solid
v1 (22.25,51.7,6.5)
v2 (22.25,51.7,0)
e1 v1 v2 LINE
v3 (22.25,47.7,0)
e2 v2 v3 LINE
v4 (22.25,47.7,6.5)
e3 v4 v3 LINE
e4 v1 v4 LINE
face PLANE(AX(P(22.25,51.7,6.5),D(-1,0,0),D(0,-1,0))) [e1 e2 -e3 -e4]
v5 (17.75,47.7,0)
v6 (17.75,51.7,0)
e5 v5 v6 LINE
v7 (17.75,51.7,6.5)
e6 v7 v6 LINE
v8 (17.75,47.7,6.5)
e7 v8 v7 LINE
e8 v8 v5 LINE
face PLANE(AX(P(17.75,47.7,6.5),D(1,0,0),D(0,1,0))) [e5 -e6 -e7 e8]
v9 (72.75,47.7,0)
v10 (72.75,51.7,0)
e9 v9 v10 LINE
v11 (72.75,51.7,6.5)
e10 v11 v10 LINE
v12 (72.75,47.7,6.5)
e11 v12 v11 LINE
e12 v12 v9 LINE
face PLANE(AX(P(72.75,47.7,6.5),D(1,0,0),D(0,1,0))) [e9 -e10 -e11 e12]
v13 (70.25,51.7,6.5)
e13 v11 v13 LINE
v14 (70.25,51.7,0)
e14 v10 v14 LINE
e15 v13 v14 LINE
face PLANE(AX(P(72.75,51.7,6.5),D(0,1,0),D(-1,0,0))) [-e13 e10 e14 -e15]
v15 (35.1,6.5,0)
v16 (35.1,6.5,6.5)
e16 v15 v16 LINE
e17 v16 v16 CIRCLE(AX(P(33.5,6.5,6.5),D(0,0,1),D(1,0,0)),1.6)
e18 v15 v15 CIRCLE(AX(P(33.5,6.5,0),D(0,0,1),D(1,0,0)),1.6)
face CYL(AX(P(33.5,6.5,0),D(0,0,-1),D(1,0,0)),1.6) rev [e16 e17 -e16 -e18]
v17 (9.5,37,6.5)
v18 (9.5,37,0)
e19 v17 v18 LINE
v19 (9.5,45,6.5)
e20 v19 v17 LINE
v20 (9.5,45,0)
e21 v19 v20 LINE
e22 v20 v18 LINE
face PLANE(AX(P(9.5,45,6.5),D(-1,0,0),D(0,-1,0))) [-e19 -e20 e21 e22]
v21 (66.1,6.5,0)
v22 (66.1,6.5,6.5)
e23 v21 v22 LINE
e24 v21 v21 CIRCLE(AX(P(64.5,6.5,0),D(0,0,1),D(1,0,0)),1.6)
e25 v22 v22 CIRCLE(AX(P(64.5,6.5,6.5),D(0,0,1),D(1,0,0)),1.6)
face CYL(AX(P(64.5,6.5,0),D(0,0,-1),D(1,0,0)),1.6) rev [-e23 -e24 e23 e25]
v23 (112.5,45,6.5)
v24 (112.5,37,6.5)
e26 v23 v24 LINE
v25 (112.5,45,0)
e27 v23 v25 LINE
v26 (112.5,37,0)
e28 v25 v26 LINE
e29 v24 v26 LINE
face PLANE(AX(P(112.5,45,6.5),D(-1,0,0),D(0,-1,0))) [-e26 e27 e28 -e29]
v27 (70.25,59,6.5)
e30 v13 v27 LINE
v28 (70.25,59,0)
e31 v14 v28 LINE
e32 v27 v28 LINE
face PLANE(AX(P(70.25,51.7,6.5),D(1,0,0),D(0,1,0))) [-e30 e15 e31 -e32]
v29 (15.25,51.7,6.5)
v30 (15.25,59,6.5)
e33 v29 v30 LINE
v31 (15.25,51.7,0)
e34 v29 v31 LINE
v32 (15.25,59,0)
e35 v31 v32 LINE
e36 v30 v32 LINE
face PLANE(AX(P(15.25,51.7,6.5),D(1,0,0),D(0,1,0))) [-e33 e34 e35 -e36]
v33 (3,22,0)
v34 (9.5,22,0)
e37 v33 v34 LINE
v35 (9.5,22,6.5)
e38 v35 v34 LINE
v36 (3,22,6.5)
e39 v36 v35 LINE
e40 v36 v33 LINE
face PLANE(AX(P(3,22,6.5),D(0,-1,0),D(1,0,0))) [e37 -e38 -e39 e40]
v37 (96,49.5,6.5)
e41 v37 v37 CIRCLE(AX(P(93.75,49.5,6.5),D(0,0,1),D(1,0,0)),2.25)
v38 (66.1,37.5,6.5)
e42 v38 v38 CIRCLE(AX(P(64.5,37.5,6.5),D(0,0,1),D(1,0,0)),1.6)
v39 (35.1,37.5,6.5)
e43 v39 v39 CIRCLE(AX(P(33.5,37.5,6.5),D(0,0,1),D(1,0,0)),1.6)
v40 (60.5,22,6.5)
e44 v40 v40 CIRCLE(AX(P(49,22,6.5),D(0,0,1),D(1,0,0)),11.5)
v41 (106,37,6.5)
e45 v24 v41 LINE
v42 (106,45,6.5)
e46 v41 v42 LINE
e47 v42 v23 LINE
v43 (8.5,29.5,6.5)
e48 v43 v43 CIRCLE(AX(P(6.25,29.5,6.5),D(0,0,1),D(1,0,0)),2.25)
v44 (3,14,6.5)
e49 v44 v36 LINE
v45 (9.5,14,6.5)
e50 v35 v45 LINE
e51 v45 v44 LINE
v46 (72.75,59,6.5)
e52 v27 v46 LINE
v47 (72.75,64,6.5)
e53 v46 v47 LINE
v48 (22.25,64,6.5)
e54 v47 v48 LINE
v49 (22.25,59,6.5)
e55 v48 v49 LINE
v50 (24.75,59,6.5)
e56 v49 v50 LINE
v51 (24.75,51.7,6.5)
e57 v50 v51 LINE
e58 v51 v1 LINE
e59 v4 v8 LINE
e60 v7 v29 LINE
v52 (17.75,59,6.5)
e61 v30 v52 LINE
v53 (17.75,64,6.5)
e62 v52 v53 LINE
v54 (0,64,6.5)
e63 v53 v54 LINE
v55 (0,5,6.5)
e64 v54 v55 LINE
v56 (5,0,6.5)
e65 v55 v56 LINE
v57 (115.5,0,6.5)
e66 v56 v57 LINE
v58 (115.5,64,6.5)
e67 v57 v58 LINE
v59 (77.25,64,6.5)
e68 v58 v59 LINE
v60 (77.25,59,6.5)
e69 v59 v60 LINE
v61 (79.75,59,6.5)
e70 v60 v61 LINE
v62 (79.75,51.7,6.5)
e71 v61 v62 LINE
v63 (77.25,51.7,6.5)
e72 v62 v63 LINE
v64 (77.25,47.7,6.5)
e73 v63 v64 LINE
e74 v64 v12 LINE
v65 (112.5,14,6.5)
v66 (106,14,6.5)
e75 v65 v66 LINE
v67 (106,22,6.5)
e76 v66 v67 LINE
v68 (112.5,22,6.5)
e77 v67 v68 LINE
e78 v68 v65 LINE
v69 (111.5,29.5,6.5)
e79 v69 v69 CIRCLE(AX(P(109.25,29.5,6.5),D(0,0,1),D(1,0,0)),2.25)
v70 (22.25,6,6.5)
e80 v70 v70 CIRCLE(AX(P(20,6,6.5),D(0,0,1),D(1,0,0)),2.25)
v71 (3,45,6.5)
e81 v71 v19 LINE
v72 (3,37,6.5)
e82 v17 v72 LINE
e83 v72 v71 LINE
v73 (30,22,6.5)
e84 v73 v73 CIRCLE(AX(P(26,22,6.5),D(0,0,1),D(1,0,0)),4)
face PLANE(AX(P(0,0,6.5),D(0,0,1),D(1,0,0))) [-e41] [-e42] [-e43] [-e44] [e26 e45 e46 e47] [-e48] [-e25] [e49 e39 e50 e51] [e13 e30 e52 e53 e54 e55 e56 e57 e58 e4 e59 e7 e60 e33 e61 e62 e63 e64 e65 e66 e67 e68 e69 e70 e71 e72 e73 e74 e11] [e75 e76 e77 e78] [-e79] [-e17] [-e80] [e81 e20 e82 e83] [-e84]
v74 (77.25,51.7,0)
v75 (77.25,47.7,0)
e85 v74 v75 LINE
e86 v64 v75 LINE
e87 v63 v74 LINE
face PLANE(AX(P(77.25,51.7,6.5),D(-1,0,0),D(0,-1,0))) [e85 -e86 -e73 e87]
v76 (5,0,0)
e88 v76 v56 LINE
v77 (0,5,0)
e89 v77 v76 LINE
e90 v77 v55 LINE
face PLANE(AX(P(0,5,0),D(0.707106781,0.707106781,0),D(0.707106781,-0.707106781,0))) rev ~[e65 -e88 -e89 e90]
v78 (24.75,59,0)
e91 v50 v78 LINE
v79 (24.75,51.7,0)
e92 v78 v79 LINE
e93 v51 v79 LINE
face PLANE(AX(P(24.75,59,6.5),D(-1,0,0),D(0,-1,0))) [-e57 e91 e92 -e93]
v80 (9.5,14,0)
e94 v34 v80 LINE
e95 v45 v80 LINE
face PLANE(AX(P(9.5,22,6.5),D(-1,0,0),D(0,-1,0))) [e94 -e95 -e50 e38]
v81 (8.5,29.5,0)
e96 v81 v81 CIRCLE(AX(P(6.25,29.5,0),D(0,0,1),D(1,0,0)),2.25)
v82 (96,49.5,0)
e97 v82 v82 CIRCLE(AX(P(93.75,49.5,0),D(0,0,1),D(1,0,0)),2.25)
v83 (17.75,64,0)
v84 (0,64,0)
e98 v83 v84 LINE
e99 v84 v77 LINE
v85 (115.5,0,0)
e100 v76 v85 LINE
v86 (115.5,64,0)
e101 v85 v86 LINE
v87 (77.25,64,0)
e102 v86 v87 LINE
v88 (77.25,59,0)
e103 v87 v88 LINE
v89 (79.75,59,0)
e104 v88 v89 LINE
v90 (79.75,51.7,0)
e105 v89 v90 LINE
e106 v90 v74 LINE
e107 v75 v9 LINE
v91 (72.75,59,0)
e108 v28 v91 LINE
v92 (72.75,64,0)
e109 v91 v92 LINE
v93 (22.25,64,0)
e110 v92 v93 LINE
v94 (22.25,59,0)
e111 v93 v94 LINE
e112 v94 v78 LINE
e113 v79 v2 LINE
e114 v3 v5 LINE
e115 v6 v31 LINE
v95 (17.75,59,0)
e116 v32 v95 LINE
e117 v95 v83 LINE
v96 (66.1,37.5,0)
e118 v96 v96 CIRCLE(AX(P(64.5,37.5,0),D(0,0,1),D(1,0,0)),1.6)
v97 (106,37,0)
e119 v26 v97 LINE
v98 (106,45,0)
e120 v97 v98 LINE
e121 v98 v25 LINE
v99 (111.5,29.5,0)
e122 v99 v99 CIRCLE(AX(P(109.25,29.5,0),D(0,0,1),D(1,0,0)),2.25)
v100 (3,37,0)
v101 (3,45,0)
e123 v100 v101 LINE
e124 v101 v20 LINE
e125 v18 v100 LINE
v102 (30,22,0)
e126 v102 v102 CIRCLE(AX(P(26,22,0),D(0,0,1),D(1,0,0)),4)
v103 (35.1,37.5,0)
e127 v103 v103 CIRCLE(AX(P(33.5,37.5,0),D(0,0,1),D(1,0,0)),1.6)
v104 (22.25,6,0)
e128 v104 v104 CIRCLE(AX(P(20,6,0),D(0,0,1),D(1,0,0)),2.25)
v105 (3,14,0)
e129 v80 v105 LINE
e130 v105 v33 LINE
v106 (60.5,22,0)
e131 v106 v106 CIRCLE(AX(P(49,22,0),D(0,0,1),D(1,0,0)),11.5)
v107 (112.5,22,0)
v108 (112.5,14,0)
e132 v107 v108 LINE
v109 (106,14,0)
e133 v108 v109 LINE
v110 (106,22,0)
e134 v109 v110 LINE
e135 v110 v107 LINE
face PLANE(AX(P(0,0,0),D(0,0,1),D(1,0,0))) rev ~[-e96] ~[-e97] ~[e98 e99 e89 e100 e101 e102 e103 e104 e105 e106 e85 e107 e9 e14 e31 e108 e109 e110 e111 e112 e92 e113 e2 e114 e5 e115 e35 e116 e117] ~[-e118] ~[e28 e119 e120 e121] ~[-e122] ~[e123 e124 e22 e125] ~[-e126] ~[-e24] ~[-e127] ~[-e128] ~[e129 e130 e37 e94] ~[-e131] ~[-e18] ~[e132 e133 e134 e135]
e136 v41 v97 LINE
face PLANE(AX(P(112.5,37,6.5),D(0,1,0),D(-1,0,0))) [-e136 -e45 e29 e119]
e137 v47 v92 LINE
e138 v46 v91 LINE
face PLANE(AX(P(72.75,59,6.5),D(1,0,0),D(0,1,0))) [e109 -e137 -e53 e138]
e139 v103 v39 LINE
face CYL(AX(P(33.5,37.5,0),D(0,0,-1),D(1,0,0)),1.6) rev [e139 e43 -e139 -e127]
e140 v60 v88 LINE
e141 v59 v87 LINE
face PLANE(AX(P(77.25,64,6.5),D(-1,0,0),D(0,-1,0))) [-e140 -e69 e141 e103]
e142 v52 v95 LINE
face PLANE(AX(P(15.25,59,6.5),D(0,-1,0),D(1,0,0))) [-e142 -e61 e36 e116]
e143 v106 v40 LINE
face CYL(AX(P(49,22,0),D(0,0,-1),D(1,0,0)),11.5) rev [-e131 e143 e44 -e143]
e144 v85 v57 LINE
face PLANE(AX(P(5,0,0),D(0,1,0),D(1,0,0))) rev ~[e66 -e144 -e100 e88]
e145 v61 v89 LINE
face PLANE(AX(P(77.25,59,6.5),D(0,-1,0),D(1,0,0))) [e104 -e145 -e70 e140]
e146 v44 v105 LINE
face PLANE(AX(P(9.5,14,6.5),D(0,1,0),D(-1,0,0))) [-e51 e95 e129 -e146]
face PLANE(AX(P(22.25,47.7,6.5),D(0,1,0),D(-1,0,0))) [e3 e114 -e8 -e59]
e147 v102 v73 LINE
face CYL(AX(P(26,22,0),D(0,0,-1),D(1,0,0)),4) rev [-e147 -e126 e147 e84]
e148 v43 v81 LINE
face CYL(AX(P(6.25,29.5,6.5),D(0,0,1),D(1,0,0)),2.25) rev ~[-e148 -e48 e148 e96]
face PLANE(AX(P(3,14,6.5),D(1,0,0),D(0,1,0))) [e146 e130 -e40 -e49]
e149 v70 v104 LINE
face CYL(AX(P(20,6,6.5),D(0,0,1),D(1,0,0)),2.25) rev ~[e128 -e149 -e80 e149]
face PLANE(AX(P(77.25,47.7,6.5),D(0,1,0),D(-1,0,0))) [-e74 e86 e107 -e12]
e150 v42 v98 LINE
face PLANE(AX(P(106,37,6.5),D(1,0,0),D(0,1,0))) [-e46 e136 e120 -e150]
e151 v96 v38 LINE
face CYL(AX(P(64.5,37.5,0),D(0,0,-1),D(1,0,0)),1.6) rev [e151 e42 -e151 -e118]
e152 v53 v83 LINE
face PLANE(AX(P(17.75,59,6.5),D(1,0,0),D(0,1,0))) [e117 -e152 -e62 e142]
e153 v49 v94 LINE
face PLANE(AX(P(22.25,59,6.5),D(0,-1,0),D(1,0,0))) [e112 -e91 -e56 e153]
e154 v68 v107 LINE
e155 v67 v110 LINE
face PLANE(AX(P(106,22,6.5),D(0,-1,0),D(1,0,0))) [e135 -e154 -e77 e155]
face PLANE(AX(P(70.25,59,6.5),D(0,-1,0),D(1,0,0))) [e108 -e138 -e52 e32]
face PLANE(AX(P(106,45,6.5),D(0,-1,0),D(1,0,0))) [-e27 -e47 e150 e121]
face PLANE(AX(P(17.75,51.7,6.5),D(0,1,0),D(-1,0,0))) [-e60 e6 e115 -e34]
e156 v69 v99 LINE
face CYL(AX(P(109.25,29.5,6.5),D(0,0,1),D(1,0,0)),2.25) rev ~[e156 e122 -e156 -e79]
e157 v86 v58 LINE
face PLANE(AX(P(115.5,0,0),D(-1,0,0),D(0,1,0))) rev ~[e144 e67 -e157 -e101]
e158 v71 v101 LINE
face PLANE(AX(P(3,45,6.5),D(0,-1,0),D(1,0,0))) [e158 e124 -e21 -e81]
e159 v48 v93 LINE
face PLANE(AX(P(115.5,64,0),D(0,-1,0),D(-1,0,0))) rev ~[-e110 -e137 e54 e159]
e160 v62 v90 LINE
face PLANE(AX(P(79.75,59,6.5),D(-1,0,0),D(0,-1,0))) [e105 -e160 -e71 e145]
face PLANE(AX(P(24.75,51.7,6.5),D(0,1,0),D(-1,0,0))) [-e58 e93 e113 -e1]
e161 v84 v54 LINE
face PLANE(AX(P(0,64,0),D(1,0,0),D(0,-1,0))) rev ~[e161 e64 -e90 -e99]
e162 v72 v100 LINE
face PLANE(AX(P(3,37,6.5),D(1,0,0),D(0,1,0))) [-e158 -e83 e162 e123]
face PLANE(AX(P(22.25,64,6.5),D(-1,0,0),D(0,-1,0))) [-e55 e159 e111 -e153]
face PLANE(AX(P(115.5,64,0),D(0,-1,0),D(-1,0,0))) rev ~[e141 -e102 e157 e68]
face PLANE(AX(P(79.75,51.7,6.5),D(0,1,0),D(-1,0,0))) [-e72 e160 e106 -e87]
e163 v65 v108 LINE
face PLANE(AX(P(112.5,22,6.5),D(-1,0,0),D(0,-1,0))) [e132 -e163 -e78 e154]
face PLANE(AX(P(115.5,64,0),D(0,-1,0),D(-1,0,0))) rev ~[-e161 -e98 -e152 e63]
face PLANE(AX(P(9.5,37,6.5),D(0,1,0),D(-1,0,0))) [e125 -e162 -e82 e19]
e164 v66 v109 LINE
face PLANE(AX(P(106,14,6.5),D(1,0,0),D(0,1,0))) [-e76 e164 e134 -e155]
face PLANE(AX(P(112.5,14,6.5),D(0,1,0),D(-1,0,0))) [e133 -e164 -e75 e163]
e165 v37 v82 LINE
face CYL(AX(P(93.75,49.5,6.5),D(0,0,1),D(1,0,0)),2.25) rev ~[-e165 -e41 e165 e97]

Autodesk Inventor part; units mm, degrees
ref_plane "YZ Plane" through (0, 0, 0) normal (1, 0, 0) x (0, 1, 0)
ref_plane "XZ Plane" through (0, 0, 0) normal (0, 1, 0) x (-1, 0, 0)
ref_plane "XY Plane" through (0, 0, 0) normal (0, 0, 1) x (1, 0, 0)
sketch "Sketch1" plane through (0, 0, 0) normal (0, 0, 1) x (1, 0, 0)
  line L0 (5, 0) -> (115.5, 0)
  line L1 (115.5, 0) -> (115.5, 64)
  line L2 (115.5, 64) -> (0, 64)
  line L3 (0, 64) -> (0, 5)
  line L4 (0, 5) -> (5, 0)
  line L5 (33.5, 37.5) -> (64.5, 37.5) construction
  line L6 (64.5, 37.5) -> (64.5, 6.5) construction
  line L7 (64.5, 6.5) -> (33.5, 6.5) construction
  line L8 (33.5, 6.5) -> (33.5, 37.5) construction
  line L9 (27.62, 43.38) -> (70.38, 43.38) construction
  line L10 (70.38, 43.38) -> (70.38, 0.62) construction
  line L11 (70.38, 0.62) -> (27.62, 0.62) construction
  line L12 (27.62, 0.62) -> (27.62, 43.38) construction
  circle A0 centre (33.5, 6.5) radius 1.6
  circle A1 centre (64.5, 6.5) radius 1.6
  circle A2 centre (64.5, 37.5) radius 1.6
  circle A3 centre (33.5, 37.5) radius 1.6
  circle A4 centre (49, 22) radius 11.5
  circle A5 centre (26, 22) radius 4
  point P0 (0, 0)
  point P1 (49, 37.5)
  point P2 (64.5, 22)
  point P3 (70.38, 22)
  point P4 (49, 43.38)
  dimension "d0" = 45
  dimension "d1" = 31
  dimension "d2" = 42.76
  dimension "d3" = 3.2
  dimension "d4" = 23
  dimension "d5" = 8
  dimension "d6" = 23
  dimension "d8" = 115.5
  dimension "d9" = 42
  dimension "d10" = 5
  dimension "d11" = 22
  dimension "d63" = 26
extrude "Extrusion1" add sketch "Sketch1" along normal blind 6.5
sketch "Sketch3" plane through (0, 0, 6.5) normal (0, 0, 1) x (1, 0, 0)
  circle A0 centre (26, 22) radius 4 projected
  circle A1 centre (64.5, 37.5) radius 1.6 projected
  line L0 (5, 0) -> (115.5, 0) projected
  circle A2 centre (20, 6) radius 2.25
  circle A3 centre (93.75, 49.5) radius 2.25
  line L1 (115.5, 0) -> (115.5, 64) projected
  point P0 (0, 0)
  dimension "d29" = 4.5
  dimension "d30" = 6
  dimension "d31" = 6
  dimension "d32" = 12
  dimension "d64" = 21.75
extrude "Extrusion3" cut sketch "Sketch3" against normal through all contours A2 | A3
sketch "Sketch4" plane through (0, 0, 6.5) normal (0, 0, 1) x (1, 0, 0)
  line L0 (115.5, 0) -> (115.5, 64) projected
  line L1 (0, 64) -> (0, 5) projected
  line L2 (5, 0) -> (115.5, 0) projected
  line L3 (3, 22) -> (9.5, 22)
  line L4 (9.5, 22) -> (9.5, 14)
  line L5 (9.5, 14) -> (3, 14)
  line L6 (3, 14) -> (3, 22)
  line L7 (3, 45) -> (9.5, 45)
  line L8 (9.5, 45) -> (9.5, 37)
  line L9 (9.5, 37) -> (3, 37)
  line L10 (3, 37) -> (3, 45)
  line L11 (106, 45) -> (112.5, 45)
  line L12 (112.5, 45) -> (112.5, 37)
  line L13 (112.5, 37) -> (106, 37)
  line L14 (106, 37) -> (106, 45)
  line L15 (106, 22) -> (112.5, 22)
  line L16 (112.5, 22) -> (112.5, 14)
  line L17 (112.5, 14) -> (106, 14)
  line L18 (106, 14) -> (106, 22)
  line L19 (3, 37) -> (9.5, 22) construction
  line L20 (3, 22) -> (9.5, 37) construction
  line L21 (106, 37) -> (112.5, 22) construction
  line L22 (106, 22) -> (112.5, 37) construction
  circle A0 centre (6.25, 29.5) radius 2.25
  circle A1 centre (109.25, 29.5) radius 2.25
  point P0 (0, 0)
  dimension "d36" = 6.5
  dimension "d37" = 8
  dimension "d38" = 8
  dimension "d39" = 6.5
  dimension "d40" = 15
  dimension "d41" = 3
  dimension "d42" = 3
  dimension "d43" = 14
  dimension "d44" = 4.5
extrude "Extrusion4" cut sketch "Sketch4" against normal through all
sketch "Sketch5" plane through (0, 0, 6.5) normal (0, 0, 1) x (1, 0, 0)
  line L0 (115.5, 64) -> (0, 64) projected
  line L1 (0, 64) -> (0, 5) projected
  line L2 (17.75, 64) -> (22.25, 64)
  line L3 (22.25, 47.7) -> (17.75, 47.7)
  line L4 (24.75, 59) -> (24.75, 51.7)
  line L5 (15.25, 51.7) -> (15.25, 59)
  line L6 (17.75, 47.7) -> (17.75, 51.7)
  line L7 (17.75, 59) -> (17.75, 64)
  line L8 (22.25, 64) -> (22.25, 59)
  line L9 (22.25, 51.7) -> (22.25, 47.7)
  line L10 (15.25, 59) -> (17.75, 59)
  line L11 (22.25, 59) -> (24.75, 59)
  line L12 (24.75, 51.7) -> (22.25, 51.7)
  line L13 (17.75, 51.7) -> (15.25, 51.7)
  line L14 (72.75, 64) -> (77.25, 64)
  line L15 (77.25, 47.7) -> (72.75, 47.7)
  line L16 (79.75, 59) -> (79.75, 51.7)
  line L17 (70.25, 51.7) -> (70.25, 59)
  line L18 (72.75, 47.7) -> (72.75, 51.7)
  line L19 (72.75, 59) -> (72.75, 64)
  line L20 (77.25, 64) -> (77.25, 59)
  line L21 (77.25, 51.7) -> (77.25, 47.7)
  line L22 (70.25, 59) -> (72.75, 59)
  line L23 (77.25, 59) -> (79.75, 59)
  line L24 (79.75, 51.7) -> (77.25, 51.7)
  line L25 (72.75, 51.7) -> (70.25, 51.7)
  point P0 (0, 0)
  point P1 (20, 47.7)
  point P2 (75, 47.7)
  dimension "d47" = 4.5
  dimension "d48" = 2.5
  dimension "d49" = 2.5
  dimension "d50" = 5
  dimension "d51" = 7.3
  dimension "d52" = 4
  dimension "d53" = 4.5
  dimension "d54" = 2.5
  dimension "d55" = 2.5
  dimension "d56" = 5
  dimension "d57" = 7.3
  dimension "d58" = 4
  dimension "d59" = 20
  dimension "d60" = 55
extrude "Extrusion5" cut sketch "Sketch5" against normal through all
equation "\"d39\" = d36"
properties part number "z_motor_mount"
